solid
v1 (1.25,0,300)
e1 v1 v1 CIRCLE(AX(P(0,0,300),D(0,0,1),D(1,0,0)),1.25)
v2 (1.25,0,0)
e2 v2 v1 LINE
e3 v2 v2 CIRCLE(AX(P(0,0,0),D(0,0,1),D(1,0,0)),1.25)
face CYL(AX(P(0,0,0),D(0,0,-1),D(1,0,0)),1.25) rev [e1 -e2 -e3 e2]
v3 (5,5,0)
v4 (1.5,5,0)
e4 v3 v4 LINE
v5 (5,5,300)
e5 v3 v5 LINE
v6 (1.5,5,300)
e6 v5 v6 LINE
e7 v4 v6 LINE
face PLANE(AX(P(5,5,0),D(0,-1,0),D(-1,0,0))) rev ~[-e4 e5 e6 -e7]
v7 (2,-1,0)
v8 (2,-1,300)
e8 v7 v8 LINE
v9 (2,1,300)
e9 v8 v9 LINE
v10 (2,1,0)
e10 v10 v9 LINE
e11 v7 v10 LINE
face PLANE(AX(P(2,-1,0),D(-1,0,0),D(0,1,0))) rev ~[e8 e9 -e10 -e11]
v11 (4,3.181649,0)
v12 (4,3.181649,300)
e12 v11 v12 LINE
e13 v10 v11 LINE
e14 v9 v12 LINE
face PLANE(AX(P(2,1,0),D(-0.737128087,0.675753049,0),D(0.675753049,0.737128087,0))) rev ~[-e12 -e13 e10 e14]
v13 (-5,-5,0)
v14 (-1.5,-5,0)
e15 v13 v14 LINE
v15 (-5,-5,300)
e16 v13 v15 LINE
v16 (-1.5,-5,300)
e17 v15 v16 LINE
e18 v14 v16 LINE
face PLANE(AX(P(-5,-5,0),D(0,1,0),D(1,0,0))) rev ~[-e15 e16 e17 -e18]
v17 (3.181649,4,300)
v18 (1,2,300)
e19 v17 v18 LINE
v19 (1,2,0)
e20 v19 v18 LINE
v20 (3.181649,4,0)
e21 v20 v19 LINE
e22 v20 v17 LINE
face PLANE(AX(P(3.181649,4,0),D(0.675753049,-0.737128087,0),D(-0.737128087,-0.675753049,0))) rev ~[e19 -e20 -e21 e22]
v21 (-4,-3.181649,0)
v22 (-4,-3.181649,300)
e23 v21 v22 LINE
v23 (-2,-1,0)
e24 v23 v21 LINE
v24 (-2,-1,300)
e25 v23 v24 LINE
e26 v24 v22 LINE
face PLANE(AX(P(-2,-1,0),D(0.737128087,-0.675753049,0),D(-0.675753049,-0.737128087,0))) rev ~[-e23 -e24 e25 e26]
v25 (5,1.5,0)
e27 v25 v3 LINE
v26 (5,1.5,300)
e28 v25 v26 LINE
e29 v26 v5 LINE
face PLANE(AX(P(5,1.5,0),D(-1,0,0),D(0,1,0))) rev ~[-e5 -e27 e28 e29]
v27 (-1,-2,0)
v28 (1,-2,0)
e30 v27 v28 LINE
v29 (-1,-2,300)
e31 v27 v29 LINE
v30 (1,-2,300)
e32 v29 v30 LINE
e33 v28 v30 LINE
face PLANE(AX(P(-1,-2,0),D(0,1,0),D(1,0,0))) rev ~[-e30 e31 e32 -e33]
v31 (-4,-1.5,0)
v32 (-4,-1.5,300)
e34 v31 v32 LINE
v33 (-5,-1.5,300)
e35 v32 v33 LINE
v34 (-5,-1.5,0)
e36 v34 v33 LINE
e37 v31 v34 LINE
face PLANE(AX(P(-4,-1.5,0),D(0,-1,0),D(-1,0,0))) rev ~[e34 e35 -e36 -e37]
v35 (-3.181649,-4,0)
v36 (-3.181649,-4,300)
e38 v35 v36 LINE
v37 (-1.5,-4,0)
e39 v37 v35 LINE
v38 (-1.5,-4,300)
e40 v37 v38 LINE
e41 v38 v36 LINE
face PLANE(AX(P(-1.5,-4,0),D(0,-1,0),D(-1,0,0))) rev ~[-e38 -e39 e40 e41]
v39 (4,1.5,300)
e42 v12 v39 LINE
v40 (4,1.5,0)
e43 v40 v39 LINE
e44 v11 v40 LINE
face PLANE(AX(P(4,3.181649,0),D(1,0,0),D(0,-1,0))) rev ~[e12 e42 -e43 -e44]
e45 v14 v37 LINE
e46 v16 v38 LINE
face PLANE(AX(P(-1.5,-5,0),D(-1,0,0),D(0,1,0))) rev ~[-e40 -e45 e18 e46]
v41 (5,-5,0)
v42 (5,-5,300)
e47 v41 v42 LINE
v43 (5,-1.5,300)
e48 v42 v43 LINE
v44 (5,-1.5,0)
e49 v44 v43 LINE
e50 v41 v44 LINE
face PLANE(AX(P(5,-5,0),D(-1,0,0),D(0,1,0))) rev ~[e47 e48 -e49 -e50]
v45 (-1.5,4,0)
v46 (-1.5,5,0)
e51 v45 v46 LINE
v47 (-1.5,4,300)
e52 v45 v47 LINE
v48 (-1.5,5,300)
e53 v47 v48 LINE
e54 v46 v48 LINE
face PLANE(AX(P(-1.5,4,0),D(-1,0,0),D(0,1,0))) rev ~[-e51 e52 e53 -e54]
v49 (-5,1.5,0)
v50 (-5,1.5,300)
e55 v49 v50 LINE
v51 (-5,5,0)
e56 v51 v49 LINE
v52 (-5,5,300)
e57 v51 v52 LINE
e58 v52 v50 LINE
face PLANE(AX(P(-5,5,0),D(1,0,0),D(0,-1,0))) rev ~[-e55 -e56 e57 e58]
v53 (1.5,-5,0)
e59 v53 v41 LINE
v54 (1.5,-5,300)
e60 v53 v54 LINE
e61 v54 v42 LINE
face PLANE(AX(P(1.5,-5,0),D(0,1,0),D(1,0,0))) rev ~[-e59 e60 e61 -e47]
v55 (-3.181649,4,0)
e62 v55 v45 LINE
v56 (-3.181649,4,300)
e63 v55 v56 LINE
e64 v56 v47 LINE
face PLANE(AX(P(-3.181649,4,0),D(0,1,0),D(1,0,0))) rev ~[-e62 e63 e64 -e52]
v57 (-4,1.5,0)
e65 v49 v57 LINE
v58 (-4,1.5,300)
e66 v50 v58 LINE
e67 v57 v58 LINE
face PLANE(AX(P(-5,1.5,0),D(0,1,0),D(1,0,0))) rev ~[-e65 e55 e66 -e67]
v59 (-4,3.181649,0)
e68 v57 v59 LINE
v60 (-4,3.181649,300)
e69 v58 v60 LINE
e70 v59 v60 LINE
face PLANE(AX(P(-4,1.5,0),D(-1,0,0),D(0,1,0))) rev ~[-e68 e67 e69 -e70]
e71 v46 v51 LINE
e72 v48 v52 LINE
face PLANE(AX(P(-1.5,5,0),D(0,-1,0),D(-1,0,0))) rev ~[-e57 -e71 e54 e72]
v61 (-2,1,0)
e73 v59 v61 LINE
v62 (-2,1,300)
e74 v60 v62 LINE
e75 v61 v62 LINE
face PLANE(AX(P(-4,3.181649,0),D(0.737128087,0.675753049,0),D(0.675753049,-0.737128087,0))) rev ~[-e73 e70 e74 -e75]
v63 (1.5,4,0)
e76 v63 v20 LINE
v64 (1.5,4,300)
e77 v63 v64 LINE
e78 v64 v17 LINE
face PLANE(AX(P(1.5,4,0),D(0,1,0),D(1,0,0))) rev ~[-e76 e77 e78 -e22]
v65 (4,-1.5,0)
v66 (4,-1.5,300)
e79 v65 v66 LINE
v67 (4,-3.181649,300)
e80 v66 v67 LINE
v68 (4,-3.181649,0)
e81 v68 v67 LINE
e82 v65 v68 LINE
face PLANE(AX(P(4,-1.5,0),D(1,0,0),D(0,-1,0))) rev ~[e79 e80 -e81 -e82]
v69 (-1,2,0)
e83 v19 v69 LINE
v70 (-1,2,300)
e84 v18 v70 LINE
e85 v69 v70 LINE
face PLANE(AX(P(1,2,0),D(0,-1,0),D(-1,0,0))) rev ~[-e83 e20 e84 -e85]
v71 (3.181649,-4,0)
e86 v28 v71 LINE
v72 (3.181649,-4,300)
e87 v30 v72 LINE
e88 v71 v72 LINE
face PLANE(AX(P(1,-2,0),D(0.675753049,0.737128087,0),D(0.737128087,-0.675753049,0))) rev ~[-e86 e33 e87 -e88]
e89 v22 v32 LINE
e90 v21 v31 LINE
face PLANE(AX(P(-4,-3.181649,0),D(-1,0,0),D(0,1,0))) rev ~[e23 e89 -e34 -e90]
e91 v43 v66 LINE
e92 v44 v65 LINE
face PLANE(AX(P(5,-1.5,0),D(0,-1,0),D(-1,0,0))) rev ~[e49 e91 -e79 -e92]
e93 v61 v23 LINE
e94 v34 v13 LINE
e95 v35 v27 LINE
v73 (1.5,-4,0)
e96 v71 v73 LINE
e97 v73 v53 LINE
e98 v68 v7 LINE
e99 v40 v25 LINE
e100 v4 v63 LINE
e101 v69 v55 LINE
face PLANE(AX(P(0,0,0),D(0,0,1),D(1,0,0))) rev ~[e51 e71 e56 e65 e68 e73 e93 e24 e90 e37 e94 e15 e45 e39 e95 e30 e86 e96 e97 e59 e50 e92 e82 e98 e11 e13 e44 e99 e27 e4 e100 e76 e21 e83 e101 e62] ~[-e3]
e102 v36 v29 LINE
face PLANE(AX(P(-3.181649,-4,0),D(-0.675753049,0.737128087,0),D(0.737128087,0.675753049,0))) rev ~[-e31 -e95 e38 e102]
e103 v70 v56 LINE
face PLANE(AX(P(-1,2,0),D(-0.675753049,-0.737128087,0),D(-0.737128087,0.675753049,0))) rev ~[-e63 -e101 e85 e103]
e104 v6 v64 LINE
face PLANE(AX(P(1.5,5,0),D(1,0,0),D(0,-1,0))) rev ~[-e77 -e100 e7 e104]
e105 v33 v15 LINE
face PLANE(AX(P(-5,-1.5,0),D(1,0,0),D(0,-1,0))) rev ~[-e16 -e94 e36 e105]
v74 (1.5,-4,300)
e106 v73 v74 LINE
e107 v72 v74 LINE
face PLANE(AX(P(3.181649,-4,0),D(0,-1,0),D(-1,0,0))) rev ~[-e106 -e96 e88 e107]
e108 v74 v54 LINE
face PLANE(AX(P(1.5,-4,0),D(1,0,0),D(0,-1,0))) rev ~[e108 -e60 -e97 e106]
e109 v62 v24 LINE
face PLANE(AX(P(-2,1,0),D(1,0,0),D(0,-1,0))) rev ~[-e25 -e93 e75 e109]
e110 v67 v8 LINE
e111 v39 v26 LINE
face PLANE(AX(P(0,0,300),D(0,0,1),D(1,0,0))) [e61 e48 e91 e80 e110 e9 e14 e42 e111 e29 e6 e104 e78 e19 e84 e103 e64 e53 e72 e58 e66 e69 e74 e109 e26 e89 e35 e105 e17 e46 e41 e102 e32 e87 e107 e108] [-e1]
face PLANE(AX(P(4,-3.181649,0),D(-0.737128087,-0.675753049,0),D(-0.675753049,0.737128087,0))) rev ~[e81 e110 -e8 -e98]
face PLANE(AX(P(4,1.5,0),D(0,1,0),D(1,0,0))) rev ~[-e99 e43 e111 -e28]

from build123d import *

# Parameters (mm, degrees)
SKETCH1_R           = 1.25
BOSS_EXTRUDE2_DEPTH = 300


with BuildPart() as part:
    # Sketch1 → Boss-Extrude2 (new body)
    with BuildSketch(Plane.XY):
        Polygon((-4, 3.181649314), (-2, 1), (-2, 0), (-2, -1), (-4, -3.181649314), (-4, -1.5), (-5, -1.5), (-5, -5), (-1.5, -5), (-1.5, -4), (-3.181649314, -4), (-1, -2), (0, -2), (1, -2), (3.181649314, -4), (1.5, -4), (1.5, -5), (5, -5), (5, -1.5), (4, -1.5), (4, -3.181649314), (2, -1), (2, 0), (2, 1), (4, 3.181649314), (4, 1.5), (5, 1.5), (5, 5), (1.5, 5), (1.5, 4), (3.181649314, 4), (1, 2), (0, 2), (-1, 2), (-3.181649314, 4), (-1.5, 4), (-1.5, 5), (-5, 5), (-5, 1.5), (-4, 1.5), align=None)
        Circle(SKETCH1_R, mode=Mode.SUBTRACT)
    extrude(amount=BOSS_EXTRUDE2_DEPTH)


solid = part.part
